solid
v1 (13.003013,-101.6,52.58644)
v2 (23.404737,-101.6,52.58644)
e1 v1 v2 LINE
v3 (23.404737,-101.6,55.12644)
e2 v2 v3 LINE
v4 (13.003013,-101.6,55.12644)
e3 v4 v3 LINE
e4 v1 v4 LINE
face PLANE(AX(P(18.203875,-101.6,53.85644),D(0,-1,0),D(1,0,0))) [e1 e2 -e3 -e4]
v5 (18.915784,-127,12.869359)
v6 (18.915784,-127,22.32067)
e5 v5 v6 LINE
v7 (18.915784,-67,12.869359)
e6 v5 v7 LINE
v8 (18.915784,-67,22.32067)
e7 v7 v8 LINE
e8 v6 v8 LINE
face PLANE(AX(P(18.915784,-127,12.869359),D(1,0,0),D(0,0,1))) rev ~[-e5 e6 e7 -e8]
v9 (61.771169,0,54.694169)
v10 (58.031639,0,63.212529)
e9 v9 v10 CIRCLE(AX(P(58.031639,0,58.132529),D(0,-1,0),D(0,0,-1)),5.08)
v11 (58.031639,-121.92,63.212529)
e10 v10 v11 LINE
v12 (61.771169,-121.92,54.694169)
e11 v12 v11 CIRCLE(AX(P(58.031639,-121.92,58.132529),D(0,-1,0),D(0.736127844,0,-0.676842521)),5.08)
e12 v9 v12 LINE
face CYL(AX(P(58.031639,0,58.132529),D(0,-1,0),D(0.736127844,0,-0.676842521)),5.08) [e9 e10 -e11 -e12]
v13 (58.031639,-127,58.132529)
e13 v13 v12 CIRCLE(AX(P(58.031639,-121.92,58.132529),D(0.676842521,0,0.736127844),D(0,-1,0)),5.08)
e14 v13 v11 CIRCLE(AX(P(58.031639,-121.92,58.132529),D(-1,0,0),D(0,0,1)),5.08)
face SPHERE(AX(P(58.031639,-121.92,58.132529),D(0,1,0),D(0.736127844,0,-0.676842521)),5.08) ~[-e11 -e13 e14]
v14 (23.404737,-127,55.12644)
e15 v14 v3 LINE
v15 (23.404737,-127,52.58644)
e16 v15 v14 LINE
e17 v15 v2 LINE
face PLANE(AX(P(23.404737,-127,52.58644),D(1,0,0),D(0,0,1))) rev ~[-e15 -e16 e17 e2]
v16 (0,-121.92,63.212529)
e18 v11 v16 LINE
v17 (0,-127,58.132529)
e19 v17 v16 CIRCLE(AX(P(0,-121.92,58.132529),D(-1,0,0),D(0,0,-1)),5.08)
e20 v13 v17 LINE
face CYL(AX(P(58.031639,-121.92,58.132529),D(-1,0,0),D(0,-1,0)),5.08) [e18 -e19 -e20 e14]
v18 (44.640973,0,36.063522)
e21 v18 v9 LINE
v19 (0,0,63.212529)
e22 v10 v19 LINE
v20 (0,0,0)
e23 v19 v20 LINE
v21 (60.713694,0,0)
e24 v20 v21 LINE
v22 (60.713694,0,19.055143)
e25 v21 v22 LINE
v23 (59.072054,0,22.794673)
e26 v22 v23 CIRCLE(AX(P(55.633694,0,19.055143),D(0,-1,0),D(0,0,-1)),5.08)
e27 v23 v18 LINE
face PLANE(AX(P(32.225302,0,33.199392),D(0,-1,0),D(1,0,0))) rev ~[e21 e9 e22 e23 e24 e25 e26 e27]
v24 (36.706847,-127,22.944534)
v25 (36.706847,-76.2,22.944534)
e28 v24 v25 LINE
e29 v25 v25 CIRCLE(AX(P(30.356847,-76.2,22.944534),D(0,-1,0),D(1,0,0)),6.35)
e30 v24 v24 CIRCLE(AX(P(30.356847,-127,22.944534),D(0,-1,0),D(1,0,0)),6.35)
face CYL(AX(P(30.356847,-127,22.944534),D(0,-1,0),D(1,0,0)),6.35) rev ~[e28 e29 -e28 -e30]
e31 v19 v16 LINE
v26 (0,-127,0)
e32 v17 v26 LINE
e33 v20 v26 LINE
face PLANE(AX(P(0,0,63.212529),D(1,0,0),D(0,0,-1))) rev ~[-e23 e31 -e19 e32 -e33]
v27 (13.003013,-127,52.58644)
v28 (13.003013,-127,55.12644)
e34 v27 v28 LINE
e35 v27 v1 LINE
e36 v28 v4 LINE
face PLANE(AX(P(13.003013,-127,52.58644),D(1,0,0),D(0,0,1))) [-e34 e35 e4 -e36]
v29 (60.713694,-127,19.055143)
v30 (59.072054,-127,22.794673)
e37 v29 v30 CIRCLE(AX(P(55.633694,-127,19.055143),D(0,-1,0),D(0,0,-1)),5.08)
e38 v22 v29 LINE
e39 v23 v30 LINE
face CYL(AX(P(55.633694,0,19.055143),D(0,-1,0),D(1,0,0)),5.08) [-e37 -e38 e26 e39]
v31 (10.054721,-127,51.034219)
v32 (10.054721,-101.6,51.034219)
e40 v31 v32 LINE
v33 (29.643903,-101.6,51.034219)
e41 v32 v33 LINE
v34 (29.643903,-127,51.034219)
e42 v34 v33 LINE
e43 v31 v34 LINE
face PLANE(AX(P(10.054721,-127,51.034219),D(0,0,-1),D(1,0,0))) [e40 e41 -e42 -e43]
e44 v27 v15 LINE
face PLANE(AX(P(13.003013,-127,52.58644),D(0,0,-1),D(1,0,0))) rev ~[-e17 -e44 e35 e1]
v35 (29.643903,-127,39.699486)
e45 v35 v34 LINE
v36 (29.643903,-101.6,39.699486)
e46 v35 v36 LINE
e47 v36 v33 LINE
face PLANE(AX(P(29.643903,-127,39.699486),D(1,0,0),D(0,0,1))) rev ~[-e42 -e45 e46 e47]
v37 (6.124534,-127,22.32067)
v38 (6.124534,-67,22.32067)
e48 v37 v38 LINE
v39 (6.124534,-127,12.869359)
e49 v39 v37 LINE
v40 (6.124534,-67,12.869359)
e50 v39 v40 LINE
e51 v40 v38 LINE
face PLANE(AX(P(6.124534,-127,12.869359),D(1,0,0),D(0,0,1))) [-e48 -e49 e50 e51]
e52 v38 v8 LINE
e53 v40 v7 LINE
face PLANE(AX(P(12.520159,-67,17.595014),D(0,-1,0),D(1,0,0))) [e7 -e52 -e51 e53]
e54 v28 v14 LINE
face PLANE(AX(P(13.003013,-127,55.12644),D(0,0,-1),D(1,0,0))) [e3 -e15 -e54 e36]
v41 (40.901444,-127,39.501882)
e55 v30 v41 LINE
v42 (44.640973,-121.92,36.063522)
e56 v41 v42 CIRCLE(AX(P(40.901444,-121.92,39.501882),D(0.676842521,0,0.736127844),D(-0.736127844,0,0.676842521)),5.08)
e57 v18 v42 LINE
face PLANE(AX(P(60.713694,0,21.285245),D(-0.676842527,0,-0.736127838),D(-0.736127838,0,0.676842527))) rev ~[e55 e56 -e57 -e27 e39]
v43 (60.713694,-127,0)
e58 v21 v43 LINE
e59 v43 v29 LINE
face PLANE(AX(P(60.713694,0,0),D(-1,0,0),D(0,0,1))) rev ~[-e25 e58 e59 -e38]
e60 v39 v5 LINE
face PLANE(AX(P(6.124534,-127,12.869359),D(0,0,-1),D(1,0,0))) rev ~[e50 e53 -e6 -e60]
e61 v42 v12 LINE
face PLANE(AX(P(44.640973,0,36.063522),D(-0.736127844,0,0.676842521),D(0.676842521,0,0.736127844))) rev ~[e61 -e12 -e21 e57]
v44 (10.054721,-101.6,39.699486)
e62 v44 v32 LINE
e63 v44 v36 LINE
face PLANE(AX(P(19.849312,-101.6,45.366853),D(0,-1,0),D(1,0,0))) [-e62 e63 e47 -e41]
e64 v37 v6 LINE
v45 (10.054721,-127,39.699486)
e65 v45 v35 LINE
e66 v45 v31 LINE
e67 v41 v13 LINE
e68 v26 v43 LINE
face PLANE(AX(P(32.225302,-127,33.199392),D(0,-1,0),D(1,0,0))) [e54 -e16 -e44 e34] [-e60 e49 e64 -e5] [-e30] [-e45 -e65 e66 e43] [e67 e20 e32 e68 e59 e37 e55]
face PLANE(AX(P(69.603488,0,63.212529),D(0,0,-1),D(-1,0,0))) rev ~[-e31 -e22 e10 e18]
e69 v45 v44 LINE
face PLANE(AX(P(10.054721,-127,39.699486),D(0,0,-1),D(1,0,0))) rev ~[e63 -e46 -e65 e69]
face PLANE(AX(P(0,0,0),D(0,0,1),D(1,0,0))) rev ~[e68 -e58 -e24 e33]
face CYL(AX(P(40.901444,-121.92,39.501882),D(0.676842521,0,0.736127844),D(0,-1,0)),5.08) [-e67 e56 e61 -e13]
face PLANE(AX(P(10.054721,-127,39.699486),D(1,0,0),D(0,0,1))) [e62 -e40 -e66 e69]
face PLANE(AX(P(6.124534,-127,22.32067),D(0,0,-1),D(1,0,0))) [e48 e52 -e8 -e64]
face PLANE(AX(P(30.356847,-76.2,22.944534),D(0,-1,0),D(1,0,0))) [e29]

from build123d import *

# Parameters (mm, degrees)
F1_DEPTH  = 127
F2_R      = 5.08
F3_R      = 6.35
F4_DEPTH  = 50.8
F6_W      = 10.401725
F6_H      = 2.54
F7_DEPTH  = 25.4
F5_W      = 19.589182
F5_H      = 11.334733
F8_DEPTH  = 25.4
F9_R      = 5.08
F10_W     = 12.79125
F10_H     = 9.451311
F11_DEPTH = 60


with BuildPart() as f1:
    # F0 (on Front) → F1 (new body)
    with BuildSketch(Plane.XZ):
        Polygon((0, 63.212529), (0, 0), (60.713694, 0), (60.713694, 21.285245), (44.640973, 36.063522), (69.603488, 63.212529), align=None)
    extrude(amount=F1_DEPTH)

    # F2
    f2_edges = [f1.edges().sort_by_distance(p)[0] for p in [
        (69.603488, -63.5, 63.212529),
        (60.713694, -63.5, 21.285245),
    ]]
    fillet(f2_edges, radius=F2_R)

    # F3 (on face) → F4 (cut)
    with BuildSketch(Plane.XZ.offset(127)):
        with Locations((30.356847, 22.944534)):
            Circle(F3_R)
    extrude(amount=-F4_DEPTH, mode=Mode.SUBTRACT)

    # F6 (on face) → F7 (cut)
    with BuildSketch(Plane.XZ.offset(127)):
        with Locations((18.203875, 53.85644)):
            Rectangle(F6_W, F6_H)
    extrude(amount=-F7_DEPTH, mode=Mode.SUBTRACT)

    # F5 (on face) → F8 (cut)
    with BuildSketch(Plane.XZ.offset(127)):
        with Locations((19.849312, 45.366853)):
            Rectangle(F5_W, F5_H)
    extrude(amount=-F8_DEPTH, mode=Mode.SUBTRACT)

    # F9
    f9_edges = [f1.edges().sort_by_distance(p)[0] for p in [
        (29.01582, -127, 63.212529),
    ]]
    fillet(f9_edges, radius=F9_R)

    # F10 (on face) → F11 (cut)
    with BuildSketch(Plane.XZ.offset(127)):
        with Locations((12.520159, 17.595014)):
            Rectangle(F10_W, F10_H)
    extrude(amount=-F11_DEPTH, mode=Mode.SUBTRACT)


solid = f1.part
